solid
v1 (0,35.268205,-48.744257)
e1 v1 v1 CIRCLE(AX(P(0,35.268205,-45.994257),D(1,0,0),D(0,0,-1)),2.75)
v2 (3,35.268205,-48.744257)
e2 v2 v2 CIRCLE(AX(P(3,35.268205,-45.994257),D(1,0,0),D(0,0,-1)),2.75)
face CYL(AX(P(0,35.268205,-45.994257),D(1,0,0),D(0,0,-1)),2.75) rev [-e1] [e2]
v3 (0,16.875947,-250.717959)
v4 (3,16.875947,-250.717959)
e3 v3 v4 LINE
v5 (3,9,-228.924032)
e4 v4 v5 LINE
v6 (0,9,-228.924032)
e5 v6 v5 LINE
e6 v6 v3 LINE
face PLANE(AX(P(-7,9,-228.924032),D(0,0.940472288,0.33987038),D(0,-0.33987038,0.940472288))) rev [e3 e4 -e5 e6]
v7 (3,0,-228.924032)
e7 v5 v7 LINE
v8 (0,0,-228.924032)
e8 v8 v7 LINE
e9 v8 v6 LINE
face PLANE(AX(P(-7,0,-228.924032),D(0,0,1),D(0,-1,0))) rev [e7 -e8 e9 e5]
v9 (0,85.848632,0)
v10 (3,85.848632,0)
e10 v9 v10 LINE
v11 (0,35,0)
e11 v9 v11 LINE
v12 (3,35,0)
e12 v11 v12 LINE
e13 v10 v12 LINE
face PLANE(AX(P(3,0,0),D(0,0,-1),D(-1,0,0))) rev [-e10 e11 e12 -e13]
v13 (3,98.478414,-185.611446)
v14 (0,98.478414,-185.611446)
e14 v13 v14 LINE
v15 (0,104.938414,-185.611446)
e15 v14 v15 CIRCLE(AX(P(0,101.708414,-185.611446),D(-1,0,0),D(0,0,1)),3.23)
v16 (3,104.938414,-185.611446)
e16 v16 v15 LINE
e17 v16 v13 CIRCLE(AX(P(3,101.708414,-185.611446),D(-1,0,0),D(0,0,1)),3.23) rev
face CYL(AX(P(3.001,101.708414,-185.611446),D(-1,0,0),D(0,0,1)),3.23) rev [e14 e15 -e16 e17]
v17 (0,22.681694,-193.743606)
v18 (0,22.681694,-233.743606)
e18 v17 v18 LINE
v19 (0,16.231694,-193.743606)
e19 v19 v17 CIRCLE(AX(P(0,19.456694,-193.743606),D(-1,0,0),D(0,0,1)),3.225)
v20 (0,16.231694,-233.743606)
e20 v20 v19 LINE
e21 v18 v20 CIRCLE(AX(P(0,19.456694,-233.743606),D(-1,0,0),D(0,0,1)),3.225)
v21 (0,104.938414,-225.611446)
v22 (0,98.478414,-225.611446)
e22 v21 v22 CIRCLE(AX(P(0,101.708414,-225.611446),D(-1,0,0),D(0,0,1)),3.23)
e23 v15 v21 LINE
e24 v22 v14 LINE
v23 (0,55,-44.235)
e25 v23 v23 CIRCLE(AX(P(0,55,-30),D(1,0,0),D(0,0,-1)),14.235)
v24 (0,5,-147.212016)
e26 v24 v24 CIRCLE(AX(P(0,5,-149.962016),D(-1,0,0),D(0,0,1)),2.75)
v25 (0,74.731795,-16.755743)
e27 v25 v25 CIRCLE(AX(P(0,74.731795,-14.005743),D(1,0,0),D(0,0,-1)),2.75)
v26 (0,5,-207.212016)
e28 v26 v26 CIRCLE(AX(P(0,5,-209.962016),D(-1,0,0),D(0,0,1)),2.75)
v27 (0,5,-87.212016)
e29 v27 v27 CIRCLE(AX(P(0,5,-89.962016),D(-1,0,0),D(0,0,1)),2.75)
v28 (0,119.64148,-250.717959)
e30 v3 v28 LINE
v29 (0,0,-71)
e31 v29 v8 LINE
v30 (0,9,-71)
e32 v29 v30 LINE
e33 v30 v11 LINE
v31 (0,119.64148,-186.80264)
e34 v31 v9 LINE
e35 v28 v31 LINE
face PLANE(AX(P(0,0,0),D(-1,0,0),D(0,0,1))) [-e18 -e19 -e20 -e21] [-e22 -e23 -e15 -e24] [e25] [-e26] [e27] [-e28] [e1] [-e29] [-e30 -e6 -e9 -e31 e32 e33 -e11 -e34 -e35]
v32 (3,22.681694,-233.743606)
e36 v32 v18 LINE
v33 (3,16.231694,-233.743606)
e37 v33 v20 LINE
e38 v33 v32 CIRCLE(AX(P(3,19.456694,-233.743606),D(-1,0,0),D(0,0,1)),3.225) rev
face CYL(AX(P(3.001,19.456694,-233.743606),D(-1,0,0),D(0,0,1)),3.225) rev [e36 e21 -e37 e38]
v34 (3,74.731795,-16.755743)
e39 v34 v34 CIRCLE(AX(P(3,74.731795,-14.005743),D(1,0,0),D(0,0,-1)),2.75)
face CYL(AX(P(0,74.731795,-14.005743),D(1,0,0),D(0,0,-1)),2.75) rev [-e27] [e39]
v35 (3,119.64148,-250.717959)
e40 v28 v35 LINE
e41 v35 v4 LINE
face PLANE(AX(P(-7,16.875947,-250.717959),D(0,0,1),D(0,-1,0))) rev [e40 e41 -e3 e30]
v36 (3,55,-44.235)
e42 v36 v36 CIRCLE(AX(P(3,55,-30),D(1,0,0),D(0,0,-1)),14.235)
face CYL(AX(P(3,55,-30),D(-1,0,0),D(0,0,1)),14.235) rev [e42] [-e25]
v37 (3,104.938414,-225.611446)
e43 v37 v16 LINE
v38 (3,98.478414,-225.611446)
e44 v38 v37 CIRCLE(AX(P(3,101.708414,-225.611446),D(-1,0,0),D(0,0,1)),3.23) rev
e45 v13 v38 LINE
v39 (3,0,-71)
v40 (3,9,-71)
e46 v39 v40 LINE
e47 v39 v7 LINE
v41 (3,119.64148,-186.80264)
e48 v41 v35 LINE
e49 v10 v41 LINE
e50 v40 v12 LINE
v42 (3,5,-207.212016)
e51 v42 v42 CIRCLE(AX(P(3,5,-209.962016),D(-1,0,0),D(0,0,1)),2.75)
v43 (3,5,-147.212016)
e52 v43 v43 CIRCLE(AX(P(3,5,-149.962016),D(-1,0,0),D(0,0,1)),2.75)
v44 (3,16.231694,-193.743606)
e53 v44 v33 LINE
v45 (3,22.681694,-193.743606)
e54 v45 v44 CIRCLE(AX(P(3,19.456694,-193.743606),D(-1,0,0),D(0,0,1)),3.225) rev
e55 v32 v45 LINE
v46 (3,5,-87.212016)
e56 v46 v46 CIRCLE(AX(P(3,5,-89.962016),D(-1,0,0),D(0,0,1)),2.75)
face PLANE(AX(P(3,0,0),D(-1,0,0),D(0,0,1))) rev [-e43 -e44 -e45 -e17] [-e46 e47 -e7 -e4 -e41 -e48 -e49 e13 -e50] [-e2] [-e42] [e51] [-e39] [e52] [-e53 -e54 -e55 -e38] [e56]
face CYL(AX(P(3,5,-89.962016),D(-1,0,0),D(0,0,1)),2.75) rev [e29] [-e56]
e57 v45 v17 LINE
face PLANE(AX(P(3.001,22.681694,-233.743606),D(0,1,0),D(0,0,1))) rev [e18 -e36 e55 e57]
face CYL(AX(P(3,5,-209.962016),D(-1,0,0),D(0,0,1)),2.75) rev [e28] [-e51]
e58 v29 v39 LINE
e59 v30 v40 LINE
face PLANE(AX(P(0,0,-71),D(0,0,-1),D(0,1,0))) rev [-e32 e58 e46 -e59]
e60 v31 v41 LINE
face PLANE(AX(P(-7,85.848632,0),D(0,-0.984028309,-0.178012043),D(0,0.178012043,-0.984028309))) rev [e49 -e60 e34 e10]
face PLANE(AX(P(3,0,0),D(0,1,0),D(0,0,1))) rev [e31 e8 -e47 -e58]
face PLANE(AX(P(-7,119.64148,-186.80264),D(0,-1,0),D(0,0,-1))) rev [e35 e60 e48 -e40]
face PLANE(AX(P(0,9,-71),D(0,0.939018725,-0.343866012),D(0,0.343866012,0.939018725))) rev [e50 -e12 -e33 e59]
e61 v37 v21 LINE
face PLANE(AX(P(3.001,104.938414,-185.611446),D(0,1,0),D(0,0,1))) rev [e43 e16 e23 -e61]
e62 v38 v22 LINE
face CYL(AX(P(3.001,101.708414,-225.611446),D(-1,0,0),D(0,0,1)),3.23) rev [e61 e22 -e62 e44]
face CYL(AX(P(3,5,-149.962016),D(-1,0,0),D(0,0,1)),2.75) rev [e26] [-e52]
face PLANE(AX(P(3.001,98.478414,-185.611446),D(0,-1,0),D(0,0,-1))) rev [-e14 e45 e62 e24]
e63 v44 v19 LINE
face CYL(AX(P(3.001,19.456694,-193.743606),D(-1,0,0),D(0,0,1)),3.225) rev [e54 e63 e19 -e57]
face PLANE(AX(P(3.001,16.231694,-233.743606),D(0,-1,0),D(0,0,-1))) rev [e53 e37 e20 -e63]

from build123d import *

# Parameters (mm, degrees)
SKETCH1_W           = 300
SKETCH1_H           = 150
SKETCH1_R           = 14.235
BOSS_EXTRUDE1_DEPTH = 3
CUT_EXTRUDE1_REACH  = 5
SKETCH2_R           = 3.225
SKETCH3_R           = 2.75
CUT_EXTRUDE2_DEPTH  = 4
CUT_EXTRUDE3_DEPTH  = 4
CUT_EXTRUDE4_DEPTH  = 10
CUT_EXTRUDE5_DEPTH  = 10
SKETCH7_R           = 2.75
CUT_EXTRUDE6_DEPTH  = 4


with BuildPart() as part:
    # Sketch1 → Boss-Extrude1 (new body)
    with BuildSketch(Plane(origin=(0, 0, 0), x_dir=(0, 0, -1), z_dir=(1, 0, 0))):
        with Locations((150, 75)):
            Rectangle(SKETCH1_W, SKETCH1_H)
        with Locations((30, 55)):
            Circle(SKETCH1_R, mode=Mode.SUBTRACT)
    extrude(amount=BOSS_EXTRUDE1_DEPTH)

    # Sketch2 → Cut-Extrude1 (cut, up to next)
    with BuildSketch(Plane.ZY, mode=Mode.PRIVATE) as cut_extrude1_sk1:
        with Locations((-290, 140)):
            Circle(SKETCH2_R)
    cut_extrude1_tool1 = extrude(cut_extrude1_sk1.sketch, amount=-CUT_EXTRUDE1_REACH, mode=Mode.PRIVATE) & part.part
    add(cut_extrude1_tool1.solids().sort_by_distance((0, 140, -290))[0], mode=Mode.SUBTRACT)
    # Sketch2 → Cut-Extrude1 (cut, up to next)
    with BuildSketch(Plane.ZY, mode=Mode.PRIVATE) as cut_extrude1_sk2:
        with Locations((-10, 110)):
            Circle(SKETCH2_R)
    cut_extrude1_tool2 = extrude(cut_extrude1_sk2.sketch, amount=-CUT_EXTRUDE1_REACH, mode=Mode.PRIVATE) & part.part
    add(cut_extrude1_tool2.solids().sort_by_distance((0, 110, -10))[0], mode=Mode.SUBTRACT)
    # Sketch2 → Cut-Extrude1 (cut, up to next)
    with BuildSketch(Plane.ZY, mode=Mode.PRIVATE) as cut_extrude1_sk3:
        with Locations((-290, 30)):
            Circle(SKETCH2_R)
    cut_extrude1_tool3 = extrude(cut_extrude1_sk3.sketch, amount=-CUT_EXTRUDE1_REACH, mode=Mode.PRIVATE) & part.part
    add(cut_extrude1_tool3.solids().sort_by_distance((0, 30, -290))[0], mode=Mode.SUBTRACT)
    # Sketch2 → Cut-Extrude1 (cut, up to next)
    with BuildSketch(Plane.ZY, mode=Mode.PRIVATE) as cut_extrude1_sk4:
        with BuildLine():
            Line((-185.611446384, 98.478413591), (-225.611446384, 98.478413591))
            ThreePointArc((-225.611446384, 98.478413591), (-228.841446384, 101.708413591), (-225.611446384, 104.938413591))
            Line((-225.611446384, 104.938413591), (-185.611446384, 104.938413591))
            ThreePointArc((-185.611446384, 104.938413591), (-182.381446384, 101.708413591), (-185.611446384, 98.478413591))
        make_face()
    cut_extrude1_tool4 = extrude(cut_extrude1_sk4.sketch, amount=-CUT_EXTRUDE1_REACH, mode=Mode.PRIVATE) & part.part
    add(cut_extrude1_tool4.solids().sort_by_distance((0, 101.708414, -205.611446))[0], mode=Mode.SUBTRACT)
    # Sketch2 → Cut-Extrude1 (cut, up to next)
    with BuildSketch(Plane.ZY, mode=Mode.PRIVATE) as cut_extrude1_sk5:
        with BuildLine():
            Line((-233.743605698, 22.681694356), (-193.743605698, 22.681694356))
            ThreePointArc((-193.743605698, 22.681694356), (-190.518605698, 19.456694356), (-193.743605698, 16.231694356))
            Line((-193.743605698, 16.231694356), (-233.743605698, 16.231694356))
            ThreePointArc((-233.743605698, 16.231694356), (-236.968605698, 19.456694356), (-233.743605698, 22.681694356))
        make_face()
    cut_extrude1_tool5 = extrude(cut_extrude1_sk5.sketch, amount=-CUT_EXTRUDE1_REACH, mode=Mode.PRIVATE) & part.part
    add(cut_extrude1_tool5.solids().sort_by_distance((0, 19.456694, -213.743606))[0], mode=Mode.SUBTRACT)

    # Sketch3 → Cut-Extrude2 (cut, through all)
    with BuildSketch(Plane(origin=(3, 0, 0), x_dir=(0, 0, -1), z_dir=(1, 0, 0))):
        with Locations((14.005743185, 74.73179538)):
            Circle(SKETCH3_R)
        with Locations((45.994256815, 35.26820462)):
            Circle(SKETCH3_R)
    extrude(amount=-CUT_EXTRUDE2_DEPTH, mode=Mode.SUBTRACT)

    # Sketch4 → Cut-Extrude3 (cut, through all)
    with BuildSketch(Plane(origin=(3, 0, 0), x_dir=(0, 0, -1), z_dir=(1, 0, 0))):
        Polygon((71, 9), (0, 35), (0, 0), (71, 0), align=None)
    extrude(amount=-CUT_EXTRUDE3_DEPTH, mode=Mode.SUBTRACT)

    # Sketch5 → Cut-Extrude4 (cut)
    with BuildSketch(Plane(origin=(3, 0, 0), x_dir=(0, 0, -1), z_dir=(1, 0, 0))):
        Polygon((228.92403237, 9), (250.717958721, 16.875947155), (250.717958721, 150), (312.660420977, 150), (312.660420977, -2.829604392), (228.92403237, 0), align=None)
    extrude(amount=-CUT_EXTRUDE4_DEPTH, mode=Mode.SUBTRACT)

    # Sketch6 → Cut-Extrude5 (cut)
    with BuildSketch(Plane(origin=(3, 0, 0), x_dir=(0, 0, -1), z_dir=(1, 0, 0))):
        Polygon((0, 85.848631797), (186.802640374, 119.641480316), (250.717958721, 119.641480316), (250.717958721, 150), (0, 150), align=None)
    extrude(amount=-CUT_EXTRUDE5_DEPTH, mode=Mode.SUBTRACT)

    # Sketch7 → Cut-Extrude6 (cut, through all)
    with BuildSketch(Plane.ZY):
        with Locations((-209.962016185, 5)):
            Circle(SKETCH7_R)
        with Locations((-149.962016185, 5)):
            Circle(SKETCH7_R)
        with Locations((-89.962016185, 5)):
            Circle(SKETCH7_R)
    extrude(amount=-CUT_EXTRUDE6_DEPTH, mode=Mode.SUBTRACT)


solid = part.part
